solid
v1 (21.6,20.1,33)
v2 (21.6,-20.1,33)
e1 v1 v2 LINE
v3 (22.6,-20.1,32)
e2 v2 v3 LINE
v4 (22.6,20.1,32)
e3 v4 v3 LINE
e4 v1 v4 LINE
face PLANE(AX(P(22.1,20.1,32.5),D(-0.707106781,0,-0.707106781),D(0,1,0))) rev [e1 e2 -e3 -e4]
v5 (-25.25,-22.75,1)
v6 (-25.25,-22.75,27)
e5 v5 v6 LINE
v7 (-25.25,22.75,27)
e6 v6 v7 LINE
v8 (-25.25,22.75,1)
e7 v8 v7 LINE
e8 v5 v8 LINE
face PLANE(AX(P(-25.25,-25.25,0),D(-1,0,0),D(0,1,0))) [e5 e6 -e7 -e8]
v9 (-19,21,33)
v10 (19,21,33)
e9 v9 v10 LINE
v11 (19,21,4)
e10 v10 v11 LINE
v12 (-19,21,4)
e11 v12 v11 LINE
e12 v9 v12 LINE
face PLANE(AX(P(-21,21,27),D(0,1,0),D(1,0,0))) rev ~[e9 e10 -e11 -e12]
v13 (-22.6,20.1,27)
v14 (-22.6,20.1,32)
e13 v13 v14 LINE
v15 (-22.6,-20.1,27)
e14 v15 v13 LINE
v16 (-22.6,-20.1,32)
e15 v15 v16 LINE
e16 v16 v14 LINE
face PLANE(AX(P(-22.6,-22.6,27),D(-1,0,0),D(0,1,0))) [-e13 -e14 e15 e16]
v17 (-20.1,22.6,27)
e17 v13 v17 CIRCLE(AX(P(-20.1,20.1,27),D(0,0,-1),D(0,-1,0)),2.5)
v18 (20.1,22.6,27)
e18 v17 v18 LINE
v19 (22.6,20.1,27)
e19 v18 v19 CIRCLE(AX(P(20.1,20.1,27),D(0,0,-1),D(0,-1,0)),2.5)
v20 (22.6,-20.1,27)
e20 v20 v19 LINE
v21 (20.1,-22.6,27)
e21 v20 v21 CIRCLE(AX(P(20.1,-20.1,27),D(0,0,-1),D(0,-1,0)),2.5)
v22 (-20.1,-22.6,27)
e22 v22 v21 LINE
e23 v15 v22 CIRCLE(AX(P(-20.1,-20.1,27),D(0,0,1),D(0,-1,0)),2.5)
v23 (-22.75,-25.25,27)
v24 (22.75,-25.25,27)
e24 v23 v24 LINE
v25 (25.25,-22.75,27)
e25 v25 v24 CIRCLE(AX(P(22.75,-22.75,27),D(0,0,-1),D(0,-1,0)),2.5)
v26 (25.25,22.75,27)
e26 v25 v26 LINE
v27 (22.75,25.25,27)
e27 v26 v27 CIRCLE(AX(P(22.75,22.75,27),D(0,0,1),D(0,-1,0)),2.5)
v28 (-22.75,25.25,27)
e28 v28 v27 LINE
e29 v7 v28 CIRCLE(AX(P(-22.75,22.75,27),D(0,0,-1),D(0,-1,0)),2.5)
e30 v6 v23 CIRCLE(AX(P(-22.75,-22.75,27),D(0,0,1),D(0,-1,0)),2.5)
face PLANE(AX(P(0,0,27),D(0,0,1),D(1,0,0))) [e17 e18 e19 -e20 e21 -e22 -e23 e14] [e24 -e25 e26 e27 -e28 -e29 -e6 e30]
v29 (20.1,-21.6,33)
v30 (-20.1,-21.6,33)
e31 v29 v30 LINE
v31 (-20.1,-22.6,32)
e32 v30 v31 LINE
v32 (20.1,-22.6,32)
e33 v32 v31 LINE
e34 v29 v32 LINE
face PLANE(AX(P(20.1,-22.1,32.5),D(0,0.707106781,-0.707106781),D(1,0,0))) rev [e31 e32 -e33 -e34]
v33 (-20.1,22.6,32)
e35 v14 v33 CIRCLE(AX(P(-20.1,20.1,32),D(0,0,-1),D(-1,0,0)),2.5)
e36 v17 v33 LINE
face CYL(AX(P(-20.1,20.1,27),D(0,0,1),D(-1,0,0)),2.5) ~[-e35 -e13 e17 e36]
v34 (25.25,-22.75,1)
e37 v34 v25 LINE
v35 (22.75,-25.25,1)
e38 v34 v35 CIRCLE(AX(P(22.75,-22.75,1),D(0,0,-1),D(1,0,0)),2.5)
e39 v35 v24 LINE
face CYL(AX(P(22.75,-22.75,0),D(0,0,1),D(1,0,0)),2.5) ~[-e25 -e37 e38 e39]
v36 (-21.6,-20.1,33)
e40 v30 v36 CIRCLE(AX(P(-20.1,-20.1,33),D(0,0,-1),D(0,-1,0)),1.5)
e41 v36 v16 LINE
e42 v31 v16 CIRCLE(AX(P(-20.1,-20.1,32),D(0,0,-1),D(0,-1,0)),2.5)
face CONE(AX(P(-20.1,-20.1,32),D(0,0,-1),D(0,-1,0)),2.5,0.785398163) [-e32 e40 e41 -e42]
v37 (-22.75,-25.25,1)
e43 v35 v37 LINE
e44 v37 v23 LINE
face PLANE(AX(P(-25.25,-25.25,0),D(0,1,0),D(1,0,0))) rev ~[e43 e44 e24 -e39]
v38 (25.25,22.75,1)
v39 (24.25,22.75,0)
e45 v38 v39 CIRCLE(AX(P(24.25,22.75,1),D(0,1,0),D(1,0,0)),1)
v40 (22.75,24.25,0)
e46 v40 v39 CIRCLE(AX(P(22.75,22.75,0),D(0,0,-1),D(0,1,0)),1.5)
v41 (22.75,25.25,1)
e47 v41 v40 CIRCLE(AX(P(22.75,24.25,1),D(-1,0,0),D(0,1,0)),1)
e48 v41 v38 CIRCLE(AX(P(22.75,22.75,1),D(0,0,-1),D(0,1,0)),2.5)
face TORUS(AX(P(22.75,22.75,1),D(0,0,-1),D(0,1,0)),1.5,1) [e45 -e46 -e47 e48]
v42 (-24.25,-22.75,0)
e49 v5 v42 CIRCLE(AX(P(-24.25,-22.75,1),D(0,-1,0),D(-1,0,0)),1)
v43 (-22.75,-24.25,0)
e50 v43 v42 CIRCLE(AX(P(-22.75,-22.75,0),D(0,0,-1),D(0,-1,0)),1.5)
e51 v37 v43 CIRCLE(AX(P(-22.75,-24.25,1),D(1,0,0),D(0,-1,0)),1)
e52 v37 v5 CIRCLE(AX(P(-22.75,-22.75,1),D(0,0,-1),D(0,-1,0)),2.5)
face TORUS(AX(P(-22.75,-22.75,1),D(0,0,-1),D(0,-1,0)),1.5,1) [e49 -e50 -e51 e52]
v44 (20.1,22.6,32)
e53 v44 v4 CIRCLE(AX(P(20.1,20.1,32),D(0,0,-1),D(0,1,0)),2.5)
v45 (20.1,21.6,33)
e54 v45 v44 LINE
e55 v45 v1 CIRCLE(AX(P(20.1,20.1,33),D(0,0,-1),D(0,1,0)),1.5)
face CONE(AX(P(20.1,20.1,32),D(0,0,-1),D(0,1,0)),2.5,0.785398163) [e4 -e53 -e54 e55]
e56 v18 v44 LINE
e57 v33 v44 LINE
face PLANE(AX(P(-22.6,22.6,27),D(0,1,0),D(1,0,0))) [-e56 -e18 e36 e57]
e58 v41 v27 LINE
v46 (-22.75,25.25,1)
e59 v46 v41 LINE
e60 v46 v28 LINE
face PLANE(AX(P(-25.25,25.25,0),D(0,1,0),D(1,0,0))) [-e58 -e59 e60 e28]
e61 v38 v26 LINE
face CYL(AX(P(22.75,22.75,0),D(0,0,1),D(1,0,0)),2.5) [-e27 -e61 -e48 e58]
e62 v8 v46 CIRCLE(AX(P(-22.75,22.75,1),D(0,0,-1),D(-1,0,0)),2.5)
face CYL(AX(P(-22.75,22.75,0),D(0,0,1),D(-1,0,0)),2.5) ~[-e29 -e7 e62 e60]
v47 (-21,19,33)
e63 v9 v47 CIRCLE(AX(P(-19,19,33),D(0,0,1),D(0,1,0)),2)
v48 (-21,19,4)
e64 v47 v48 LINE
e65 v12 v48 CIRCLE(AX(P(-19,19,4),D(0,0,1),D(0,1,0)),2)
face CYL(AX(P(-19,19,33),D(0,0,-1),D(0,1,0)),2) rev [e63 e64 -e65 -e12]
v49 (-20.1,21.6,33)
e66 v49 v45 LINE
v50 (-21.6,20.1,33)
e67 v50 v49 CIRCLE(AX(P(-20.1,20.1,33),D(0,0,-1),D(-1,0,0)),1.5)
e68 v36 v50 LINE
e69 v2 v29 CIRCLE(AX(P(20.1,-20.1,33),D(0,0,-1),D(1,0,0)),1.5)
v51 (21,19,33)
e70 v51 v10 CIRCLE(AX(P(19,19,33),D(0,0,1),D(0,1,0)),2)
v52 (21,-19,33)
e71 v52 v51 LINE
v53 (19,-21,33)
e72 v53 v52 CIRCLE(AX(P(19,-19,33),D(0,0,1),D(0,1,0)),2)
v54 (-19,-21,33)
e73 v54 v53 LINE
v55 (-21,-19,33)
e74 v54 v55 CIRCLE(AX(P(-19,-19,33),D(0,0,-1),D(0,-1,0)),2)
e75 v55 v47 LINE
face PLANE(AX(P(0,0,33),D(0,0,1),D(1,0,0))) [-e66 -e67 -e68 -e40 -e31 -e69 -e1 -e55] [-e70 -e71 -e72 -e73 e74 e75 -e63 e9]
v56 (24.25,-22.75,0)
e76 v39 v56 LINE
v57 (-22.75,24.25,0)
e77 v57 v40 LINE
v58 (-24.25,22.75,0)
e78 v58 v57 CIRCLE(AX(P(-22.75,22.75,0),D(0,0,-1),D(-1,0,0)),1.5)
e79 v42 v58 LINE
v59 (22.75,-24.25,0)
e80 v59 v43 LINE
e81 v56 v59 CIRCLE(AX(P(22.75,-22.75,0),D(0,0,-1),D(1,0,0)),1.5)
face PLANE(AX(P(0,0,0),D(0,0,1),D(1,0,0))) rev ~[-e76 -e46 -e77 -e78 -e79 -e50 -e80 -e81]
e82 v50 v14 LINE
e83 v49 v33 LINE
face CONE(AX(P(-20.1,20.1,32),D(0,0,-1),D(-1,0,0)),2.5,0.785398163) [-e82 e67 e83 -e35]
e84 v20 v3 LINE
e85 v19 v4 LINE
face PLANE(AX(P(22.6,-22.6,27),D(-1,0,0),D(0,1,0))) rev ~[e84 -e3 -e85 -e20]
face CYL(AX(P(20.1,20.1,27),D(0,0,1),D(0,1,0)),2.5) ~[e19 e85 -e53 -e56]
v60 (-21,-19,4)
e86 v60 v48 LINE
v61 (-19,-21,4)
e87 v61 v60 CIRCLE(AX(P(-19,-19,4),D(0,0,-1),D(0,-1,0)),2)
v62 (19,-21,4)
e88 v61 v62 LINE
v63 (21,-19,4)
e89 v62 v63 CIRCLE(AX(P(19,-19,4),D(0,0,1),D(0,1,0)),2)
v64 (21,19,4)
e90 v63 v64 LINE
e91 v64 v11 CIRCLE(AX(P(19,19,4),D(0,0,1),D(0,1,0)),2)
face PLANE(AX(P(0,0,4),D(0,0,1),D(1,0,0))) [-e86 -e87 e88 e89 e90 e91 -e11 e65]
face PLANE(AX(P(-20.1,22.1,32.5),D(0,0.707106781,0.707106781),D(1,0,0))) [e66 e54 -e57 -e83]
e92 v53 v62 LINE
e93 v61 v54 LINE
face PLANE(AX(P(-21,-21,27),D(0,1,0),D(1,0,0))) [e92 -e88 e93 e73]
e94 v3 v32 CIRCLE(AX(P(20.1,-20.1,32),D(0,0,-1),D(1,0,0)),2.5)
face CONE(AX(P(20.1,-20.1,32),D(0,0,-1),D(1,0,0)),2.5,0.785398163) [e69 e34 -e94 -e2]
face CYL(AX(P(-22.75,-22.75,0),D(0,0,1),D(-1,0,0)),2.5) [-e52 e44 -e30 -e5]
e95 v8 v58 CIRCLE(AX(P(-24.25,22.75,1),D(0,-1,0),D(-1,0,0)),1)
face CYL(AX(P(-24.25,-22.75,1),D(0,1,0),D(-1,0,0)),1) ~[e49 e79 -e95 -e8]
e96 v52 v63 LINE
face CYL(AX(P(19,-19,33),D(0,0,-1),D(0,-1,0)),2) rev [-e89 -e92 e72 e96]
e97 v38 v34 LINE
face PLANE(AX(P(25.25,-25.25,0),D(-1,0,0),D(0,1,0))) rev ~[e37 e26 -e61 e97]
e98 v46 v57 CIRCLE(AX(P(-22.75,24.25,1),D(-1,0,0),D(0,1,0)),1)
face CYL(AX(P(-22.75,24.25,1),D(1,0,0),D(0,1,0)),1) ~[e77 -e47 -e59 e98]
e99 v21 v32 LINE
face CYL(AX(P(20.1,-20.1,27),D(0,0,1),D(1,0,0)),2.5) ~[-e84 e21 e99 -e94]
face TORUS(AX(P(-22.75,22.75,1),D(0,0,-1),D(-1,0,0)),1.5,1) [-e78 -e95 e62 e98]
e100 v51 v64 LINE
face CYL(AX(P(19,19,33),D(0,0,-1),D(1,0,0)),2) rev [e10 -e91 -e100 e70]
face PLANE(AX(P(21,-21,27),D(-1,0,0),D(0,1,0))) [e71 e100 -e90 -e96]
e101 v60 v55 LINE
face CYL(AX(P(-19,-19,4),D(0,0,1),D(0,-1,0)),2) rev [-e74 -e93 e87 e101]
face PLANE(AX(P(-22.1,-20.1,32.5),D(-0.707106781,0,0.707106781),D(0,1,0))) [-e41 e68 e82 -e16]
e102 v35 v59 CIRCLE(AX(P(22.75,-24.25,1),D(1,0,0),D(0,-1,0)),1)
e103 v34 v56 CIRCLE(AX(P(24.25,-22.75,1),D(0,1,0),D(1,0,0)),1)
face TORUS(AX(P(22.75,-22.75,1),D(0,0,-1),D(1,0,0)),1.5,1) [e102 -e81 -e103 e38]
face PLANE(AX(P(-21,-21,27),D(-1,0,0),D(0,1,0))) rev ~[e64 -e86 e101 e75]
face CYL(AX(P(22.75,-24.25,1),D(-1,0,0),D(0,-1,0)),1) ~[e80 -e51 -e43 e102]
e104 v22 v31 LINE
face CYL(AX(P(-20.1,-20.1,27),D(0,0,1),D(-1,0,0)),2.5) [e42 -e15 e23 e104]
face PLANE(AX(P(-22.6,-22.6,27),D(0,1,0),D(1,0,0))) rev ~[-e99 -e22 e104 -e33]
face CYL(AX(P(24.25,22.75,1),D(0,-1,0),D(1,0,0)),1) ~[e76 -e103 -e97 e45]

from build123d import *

# Parameters (mm, degrees)
F0_W          = 50.5
F0_H          = 50.5
F1_DEPTH      = 27
F2_W          = 45.2
F2_H          = 45.2
F3_DEPTH      = 6
F4_W          = 42
F4_H          = 42
F5_DEPTH      = 6
F5_DEPTH_BACK = 23
F6_R          = 2.5
F7_R          = 2
F8_SIZE       = 1
F9_R          = 1


with BuildPart() as f1:
    # F0 (on Top) → F1 (new body)
    with BuildSketch(Plane.XY):
        Rectangle(F0_W, F0_H)
    extrude(amount=F1_DEPTH)

    # F2 (on face) → F3 (join)
    with BuildSketch(Plane.XY.offset(27)):
        Rectangle(F2_W, F2_H)
    extrude(amount=F3_DEPTH)

    # F4 (on face) → F5 (cut, two sides)
    with BuildSketch(Plane.XY.offset(27)) as f5_sk:
        Rectangle(F4_W, F4_H)
    extrude(amount=F5_DEPTH, mode=Mode.SUBTRACT)
    extrude(f5_sk.sketch, amount=-F5_DEPTH_BACK, mode=Mode.SUBTRACT)

    # F6
    f6_edges = [f1.edges().sort_by_distance(p)[0] for p in [
        (-25.25, 25.25, 13.5),
        (-25.25, -25.25, 13.5),
        (25.25, -25.25, 13.5),
        (25.25, 25.25, 13.5),
        (-22.6, 22.6, 30),
        (-22.6, -22.6, 30),
        (22.6, -22.6, 30),
        (22.6, 22.6, 30),
    ]]
    fillet(f6_edges, radius=F6_R)

    # F7
    f7_edges = [f1.edges().sort_by_distance(p)[0] for p in [
        (-21, 21, 18.5),
        (21, 21, 18.5),
        (21, -21, 18.5),
        (-21, -21, 18.5),
    ]]
    fillet(f7_edges, radius=F7_R)

    # F8
    f8_edges = [f1.edges().sort_by_distance(p)[0] for p in [
        (-22.6, 0, 33),
    ]]
    chamfer(f8_edges, length=F8_SIZE)

    # F9
    f9_edges = [f1.edges().sort_by_distance(p)[0] for p in [
        (0, 25.25, 0),
    ]]
    fillet(f9_edges, radius=F9_R)


solid = f1.part
